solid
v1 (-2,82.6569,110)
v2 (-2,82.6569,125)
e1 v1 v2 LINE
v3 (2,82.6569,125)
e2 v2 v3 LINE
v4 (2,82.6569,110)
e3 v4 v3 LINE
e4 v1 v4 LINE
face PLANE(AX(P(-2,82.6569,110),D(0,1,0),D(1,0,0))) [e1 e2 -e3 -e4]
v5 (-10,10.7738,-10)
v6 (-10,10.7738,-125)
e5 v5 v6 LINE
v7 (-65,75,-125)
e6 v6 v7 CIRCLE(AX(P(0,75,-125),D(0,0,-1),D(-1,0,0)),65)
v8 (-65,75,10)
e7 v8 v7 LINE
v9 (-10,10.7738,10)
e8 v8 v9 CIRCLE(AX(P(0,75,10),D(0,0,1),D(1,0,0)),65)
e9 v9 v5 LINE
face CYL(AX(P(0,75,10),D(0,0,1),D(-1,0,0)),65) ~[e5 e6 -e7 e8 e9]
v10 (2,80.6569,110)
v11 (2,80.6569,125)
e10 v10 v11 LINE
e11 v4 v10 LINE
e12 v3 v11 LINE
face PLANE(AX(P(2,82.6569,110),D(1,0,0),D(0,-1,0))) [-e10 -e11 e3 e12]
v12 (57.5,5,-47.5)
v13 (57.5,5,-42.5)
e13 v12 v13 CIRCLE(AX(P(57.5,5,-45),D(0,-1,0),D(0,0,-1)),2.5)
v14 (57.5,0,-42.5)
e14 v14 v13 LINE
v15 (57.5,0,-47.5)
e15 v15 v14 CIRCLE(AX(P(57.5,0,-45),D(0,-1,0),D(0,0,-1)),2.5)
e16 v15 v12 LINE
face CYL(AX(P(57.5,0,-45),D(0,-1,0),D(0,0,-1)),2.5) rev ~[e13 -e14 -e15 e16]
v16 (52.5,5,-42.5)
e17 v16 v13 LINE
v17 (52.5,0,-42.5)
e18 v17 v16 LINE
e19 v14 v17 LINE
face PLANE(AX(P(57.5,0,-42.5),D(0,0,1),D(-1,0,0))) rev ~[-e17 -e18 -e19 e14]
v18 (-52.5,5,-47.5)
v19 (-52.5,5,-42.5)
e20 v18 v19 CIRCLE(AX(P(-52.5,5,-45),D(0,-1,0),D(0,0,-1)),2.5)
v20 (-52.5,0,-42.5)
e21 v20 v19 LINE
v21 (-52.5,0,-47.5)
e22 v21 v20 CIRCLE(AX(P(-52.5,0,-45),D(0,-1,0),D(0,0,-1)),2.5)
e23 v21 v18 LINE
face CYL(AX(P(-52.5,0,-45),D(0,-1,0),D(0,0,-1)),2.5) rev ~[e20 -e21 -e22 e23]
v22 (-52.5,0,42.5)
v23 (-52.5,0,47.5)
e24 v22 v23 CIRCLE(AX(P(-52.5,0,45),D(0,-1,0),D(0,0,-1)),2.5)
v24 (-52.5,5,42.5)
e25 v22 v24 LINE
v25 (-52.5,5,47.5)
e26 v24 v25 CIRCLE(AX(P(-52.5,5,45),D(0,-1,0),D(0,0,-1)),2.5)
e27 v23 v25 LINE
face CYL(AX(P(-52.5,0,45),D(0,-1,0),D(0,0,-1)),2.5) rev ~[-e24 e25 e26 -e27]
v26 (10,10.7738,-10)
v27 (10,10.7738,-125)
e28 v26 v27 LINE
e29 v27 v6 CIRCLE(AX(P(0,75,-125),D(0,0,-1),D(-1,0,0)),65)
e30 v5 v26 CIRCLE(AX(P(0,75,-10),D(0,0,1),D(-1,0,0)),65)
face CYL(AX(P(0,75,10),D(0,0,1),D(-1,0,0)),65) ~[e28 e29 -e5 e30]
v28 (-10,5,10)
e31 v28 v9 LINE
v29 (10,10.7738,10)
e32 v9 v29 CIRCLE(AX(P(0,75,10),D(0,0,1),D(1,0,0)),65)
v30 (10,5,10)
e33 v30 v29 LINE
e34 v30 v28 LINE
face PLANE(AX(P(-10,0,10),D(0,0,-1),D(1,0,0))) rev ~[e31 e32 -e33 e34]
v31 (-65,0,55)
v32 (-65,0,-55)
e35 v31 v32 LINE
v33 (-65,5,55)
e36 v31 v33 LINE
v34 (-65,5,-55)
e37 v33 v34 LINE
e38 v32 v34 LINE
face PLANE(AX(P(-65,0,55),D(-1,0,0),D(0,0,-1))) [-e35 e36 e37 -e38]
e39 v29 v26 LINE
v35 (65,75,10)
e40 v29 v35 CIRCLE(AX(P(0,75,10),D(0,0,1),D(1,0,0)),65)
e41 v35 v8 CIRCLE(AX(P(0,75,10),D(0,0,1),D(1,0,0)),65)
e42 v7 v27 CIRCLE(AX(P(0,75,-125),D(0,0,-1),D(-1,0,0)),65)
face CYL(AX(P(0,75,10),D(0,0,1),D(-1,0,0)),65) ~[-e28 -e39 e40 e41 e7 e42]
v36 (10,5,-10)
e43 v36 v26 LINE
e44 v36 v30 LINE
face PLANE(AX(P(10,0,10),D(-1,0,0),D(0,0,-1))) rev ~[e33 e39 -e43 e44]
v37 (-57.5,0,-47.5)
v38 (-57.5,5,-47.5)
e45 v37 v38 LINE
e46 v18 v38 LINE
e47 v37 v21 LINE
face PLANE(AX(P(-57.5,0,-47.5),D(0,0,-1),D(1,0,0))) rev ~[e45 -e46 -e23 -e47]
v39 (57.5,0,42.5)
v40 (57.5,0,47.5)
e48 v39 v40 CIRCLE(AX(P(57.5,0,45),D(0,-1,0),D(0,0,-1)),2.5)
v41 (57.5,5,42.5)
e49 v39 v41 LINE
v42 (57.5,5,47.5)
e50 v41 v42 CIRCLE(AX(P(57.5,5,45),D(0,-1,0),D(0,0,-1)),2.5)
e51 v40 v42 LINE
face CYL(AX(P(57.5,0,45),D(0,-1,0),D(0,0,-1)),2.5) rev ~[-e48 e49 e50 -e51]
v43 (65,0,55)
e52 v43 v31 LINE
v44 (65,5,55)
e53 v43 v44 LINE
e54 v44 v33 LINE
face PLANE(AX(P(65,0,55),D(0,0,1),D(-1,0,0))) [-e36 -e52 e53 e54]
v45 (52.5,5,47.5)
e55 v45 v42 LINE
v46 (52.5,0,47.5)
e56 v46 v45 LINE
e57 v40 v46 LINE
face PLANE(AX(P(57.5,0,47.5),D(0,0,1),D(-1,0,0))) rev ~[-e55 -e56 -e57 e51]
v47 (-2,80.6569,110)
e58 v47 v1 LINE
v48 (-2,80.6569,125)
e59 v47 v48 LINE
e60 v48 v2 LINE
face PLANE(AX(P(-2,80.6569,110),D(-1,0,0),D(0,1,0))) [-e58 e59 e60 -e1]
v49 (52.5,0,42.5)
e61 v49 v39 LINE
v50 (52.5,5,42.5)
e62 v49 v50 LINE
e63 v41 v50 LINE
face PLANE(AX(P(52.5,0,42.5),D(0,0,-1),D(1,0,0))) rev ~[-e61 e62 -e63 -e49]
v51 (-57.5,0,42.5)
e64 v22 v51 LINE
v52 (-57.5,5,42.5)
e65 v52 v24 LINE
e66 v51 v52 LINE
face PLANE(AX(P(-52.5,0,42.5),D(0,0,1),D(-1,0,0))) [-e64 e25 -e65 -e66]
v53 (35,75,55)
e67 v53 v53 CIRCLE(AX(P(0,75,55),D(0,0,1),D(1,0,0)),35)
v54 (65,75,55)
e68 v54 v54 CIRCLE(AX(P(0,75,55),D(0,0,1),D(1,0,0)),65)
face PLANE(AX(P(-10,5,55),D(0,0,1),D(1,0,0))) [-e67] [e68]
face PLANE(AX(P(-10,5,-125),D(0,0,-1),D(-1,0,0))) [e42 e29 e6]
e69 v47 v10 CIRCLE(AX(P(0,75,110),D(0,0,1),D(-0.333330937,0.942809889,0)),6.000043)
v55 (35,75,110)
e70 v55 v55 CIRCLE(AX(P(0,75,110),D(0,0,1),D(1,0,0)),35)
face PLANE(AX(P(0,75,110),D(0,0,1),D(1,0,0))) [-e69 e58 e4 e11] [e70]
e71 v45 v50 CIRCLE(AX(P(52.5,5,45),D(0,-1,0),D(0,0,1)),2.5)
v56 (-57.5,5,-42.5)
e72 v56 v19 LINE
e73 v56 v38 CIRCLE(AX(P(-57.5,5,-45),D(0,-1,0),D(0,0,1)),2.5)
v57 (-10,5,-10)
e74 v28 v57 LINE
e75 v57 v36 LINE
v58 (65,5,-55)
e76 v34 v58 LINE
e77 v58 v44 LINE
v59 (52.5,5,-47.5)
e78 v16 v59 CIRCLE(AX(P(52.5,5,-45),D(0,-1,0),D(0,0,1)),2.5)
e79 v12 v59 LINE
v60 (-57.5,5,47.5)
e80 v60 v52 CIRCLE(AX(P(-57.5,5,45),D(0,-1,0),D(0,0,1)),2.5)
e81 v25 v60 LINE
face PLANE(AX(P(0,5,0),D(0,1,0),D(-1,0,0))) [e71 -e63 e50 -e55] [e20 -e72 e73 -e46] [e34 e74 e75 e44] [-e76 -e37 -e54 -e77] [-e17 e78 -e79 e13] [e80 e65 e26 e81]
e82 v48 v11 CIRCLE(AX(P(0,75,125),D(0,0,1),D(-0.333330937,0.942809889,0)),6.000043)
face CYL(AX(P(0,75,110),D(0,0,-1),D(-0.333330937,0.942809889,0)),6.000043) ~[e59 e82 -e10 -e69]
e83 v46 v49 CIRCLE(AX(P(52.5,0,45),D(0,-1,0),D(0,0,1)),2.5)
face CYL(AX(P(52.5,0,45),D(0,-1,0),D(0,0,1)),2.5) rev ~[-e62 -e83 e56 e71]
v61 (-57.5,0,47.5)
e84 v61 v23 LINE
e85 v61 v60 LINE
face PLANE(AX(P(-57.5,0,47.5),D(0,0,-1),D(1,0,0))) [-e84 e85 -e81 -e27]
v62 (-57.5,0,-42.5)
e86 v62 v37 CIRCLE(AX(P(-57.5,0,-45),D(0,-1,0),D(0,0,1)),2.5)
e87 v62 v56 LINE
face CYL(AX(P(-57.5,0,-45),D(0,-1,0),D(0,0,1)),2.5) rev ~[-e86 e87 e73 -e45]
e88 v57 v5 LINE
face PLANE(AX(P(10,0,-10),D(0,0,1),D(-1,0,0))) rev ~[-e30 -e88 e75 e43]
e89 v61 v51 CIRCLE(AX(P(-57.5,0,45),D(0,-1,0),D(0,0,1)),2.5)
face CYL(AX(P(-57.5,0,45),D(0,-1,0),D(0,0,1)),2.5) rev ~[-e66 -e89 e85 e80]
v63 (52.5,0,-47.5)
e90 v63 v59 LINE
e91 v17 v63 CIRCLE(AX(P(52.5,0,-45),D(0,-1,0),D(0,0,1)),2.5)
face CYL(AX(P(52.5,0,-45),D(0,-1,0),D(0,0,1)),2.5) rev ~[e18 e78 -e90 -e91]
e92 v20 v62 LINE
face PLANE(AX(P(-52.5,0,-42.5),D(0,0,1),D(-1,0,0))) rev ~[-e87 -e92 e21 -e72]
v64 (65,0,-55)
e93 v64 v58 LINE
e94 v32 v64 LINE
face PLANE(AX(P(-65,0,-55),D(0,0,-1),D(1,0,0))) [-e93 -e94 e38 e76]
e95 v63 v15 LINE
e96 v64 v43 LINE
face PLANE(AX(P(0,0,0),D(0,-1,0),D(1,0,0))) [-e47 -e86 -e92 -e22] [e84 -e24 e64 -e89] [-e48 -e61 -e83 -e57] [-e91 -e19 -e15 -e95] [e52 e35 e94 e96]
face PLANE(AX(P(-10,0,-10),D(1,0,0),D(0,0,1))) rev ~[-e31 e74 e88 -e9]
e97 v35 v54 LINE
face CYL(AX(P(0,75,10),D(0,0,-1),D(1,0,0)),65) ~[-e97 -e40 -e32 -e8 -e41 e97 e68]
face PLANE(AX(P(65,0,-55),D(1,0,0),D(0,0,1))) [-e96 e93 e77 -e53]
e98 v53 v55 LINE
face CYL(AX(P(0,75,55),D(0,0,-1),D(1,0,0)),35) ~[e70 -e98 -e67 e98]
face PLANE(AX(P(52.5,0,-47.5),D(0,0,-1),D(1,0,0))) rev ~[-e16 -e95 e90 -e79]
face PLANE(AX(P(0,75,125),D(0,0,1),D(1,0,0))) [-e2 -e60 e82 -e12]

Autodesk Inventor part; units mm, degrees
ref_plane "YZ Plane" through (0, 0, 0) normal (1, 0, 0) x (0, 1, 0)
ref_plane "XZ Plane" through (0, 0, 0) normal (0, 1, 0) x (-1, 0, 0)
ref_plane "XY Plane" through (0, 0, 0) normal (0, 0, 1) x (1, 0, 0)
sketch "Sketch1" plane through (0, 0, 0) normal (0, 1, 0) x (-1, 0, 0)
  line L0 (-70.0685, 0) -> (70.0685, 0) construction
  line L1 (0, -20.6438) -> (0, 20.6438) construction
  line L2 (65, -55) -> (-65, -55)
  line L3 (-65, -55) -> (-65, 55)
  line L4 (-65, 55) -> (65, 55)
  line L5 (65, 55) -> (65, -55)
  point P0 (0, 0)
  point P1 (0, 0)
  dimension "d0" = 110
  dimension "d1" = 130
extrude "Extrusion1" add sketch "Sketch1" along normal blind 5
sketch "Sketch2" plane through (0, 0, 0) normal (0, -1, 0) x (1, 0, 0)
  line L0 (-160.533, 0) -> (160.533, 0) construction
  line L1 (0, 8.6003) -> (0, -8.6003) construction
  line L2 (-57.5, 45) -> (-52.5, 45) construction
  line L3 (-57.5, 47.5) -> (-52.5, 47.5)
  line L4 (-52.5, 42.5) -> (-57.5, 42.5)
  arc A0 (-57.5, 47.5) -> (-57.5, 42.5) centre (-57.5, 45) ccw
  arc A1 (-52.5, 42.5) -> (-52.5, 47.5) centre (-52.5, 45) ccw
  line L5 (57.5, 45) -> (52.5, 45) construction
  line L6 (57.5, 47.5) -> (52.5, 47.5)
  line L7 (52.5, 42.5) -> (57.5, 42.5)
  arc A2 (57.5, 42.5) -> (57.5, 47.5) centre (57.5, 45) ccw
  arc A3 (52.5, 47.5) -> (52.5, 42.5) centre (52.5, 45) ccw
  line L8 (57.5, -45) -> (52.5, -45) construction
  line L9 (57.5, -42.5) -> (52.5, -42.5)
  line L10 (52.5, -47.5) -> (57.5, -47.5)
  arc A4 (57.5, -47.5) -> (57.5, -42.5) centre (57.5, -45) ccw
  arc A5 (52.5, -42.5) -> (52.5, -47.5) centre (52.5, -45) ccw
  line L11 (-57.5, -45) -> (-52.5, -45) construction
  line L12 (-57.5, -47.5) -> (-52.5, -47.5)
  line L13 (-52.5, -42.5) -> (-57.5, -42.5)
  arc A6 (-57.5, -42.5) -> (-57.5, -47.5) centre (-57.5, -45) ccw
  arc A7 (-52.5, -47.5) -> (-52.5, -42.5) centre (-52.5, -45) ccw
  point P0 (0, 0)
  point P1 (-55, 45)
  point P2 (55, 45)
  point P3 (55, -45)
  point P4 (-55, -45)
  point P5 (0, 0)
  point P6 (-60, 45)
  point P7 (-50, 45)
  dimension "d4" = 110
  dimension "d5" = 90
  dimension "d7" = 5
  dimension "d8" = 10
extrude "Extrusion2" cut sketch "Sketch2" against normal through all
sketch "Sketch3" plane through (0, 0, 0) normal (0, -1, 0) x (1, 0, 0)
  line L0 (-38.6076, 0) -> (38.6076, 0) construction
  line L1 (0, -3.4177) -> (0, 3.4177) construction
  line L2 (10, -10) -> (-10, -10)
  line L3 (-10, -10) -> (-10, 10)
  line L4 (-10, 10) -> (10, 10)
  line L5 (10, 10) -> (10, -10)
  point P0 (0, 0)
  point P1 (0, 0)
  dimension "d11" = 20
  dimension "d12" = 20
extrude "Extrusion3" add sketch "Sketch3" against normal blind 75
sketch "Sketch4" plane through (-10, 5, 10) normal (0, 0, 1) x (1, 0, 0)
  line L0 (20, 70) -> (0, 70) projected
  circle A0 centre (10, 70) radius 65
  point P0 (10, -5)
  dimension "d15" = 130
extrude "Extrusion4" add sketch "Sketch4" along normal up to surface (45 mm away)
sketch "Sketch5" plane through (0, 75, 55) normal (0, 0, 1) x (1, 0, 0)
  line L0 (10, 0) -> (-10, 0) projected
  circle A0 centre (0, 0) radius 35
  point P0 (0, -75)
  dimension "d18" = 70
extrude "Extrusion5" add sketch "Sketch5" along normal blind 55
sketch "Sketch6" plane through (0, 75, 110) normal (0, 0, 1) x (1, 0, 0)
  arc A0 (-2, 5.6569) -> (2, 5.6569) centre (0, 0) ccw
  circle A1 centre (0, 0) radius 35 projected
  line L0 (-2, 7.6569) -> (2, 7.6569)
  line L1 (2, 7.6569) -> (2, 5.6569)
  line L2 (-2, 5.6569) -> (-2, 7.6569)
  point P0 (0, -75)
  dimension "d21" = 12
  dimension "d23" = 2
  dimension "d26" = 4
  dimension "d27" = 2
extrude "Extrusion6" add sketch "Sketch6" along normal blind 15 contours L2 L0 L1 A0
sketch "Sketch8" plane through (-10, 5, 10) normal (0, 0, -1) x (-1, 0, 0)
  arc A0 (-12, 75.6569) -> (-8, 75.6569) centre (-10, 70) ccw projected
  circle A1 centre (-10, 70) radius 65
  arc A2 (0, 5.7738) -> (-20, 5.7738) centre (-10, 70) ccw projected
  point P0 (-10, -5)
extrude "Extrusion7" add sketch "Sketch8" along normal blind 135
properties part number "MotorV1"
